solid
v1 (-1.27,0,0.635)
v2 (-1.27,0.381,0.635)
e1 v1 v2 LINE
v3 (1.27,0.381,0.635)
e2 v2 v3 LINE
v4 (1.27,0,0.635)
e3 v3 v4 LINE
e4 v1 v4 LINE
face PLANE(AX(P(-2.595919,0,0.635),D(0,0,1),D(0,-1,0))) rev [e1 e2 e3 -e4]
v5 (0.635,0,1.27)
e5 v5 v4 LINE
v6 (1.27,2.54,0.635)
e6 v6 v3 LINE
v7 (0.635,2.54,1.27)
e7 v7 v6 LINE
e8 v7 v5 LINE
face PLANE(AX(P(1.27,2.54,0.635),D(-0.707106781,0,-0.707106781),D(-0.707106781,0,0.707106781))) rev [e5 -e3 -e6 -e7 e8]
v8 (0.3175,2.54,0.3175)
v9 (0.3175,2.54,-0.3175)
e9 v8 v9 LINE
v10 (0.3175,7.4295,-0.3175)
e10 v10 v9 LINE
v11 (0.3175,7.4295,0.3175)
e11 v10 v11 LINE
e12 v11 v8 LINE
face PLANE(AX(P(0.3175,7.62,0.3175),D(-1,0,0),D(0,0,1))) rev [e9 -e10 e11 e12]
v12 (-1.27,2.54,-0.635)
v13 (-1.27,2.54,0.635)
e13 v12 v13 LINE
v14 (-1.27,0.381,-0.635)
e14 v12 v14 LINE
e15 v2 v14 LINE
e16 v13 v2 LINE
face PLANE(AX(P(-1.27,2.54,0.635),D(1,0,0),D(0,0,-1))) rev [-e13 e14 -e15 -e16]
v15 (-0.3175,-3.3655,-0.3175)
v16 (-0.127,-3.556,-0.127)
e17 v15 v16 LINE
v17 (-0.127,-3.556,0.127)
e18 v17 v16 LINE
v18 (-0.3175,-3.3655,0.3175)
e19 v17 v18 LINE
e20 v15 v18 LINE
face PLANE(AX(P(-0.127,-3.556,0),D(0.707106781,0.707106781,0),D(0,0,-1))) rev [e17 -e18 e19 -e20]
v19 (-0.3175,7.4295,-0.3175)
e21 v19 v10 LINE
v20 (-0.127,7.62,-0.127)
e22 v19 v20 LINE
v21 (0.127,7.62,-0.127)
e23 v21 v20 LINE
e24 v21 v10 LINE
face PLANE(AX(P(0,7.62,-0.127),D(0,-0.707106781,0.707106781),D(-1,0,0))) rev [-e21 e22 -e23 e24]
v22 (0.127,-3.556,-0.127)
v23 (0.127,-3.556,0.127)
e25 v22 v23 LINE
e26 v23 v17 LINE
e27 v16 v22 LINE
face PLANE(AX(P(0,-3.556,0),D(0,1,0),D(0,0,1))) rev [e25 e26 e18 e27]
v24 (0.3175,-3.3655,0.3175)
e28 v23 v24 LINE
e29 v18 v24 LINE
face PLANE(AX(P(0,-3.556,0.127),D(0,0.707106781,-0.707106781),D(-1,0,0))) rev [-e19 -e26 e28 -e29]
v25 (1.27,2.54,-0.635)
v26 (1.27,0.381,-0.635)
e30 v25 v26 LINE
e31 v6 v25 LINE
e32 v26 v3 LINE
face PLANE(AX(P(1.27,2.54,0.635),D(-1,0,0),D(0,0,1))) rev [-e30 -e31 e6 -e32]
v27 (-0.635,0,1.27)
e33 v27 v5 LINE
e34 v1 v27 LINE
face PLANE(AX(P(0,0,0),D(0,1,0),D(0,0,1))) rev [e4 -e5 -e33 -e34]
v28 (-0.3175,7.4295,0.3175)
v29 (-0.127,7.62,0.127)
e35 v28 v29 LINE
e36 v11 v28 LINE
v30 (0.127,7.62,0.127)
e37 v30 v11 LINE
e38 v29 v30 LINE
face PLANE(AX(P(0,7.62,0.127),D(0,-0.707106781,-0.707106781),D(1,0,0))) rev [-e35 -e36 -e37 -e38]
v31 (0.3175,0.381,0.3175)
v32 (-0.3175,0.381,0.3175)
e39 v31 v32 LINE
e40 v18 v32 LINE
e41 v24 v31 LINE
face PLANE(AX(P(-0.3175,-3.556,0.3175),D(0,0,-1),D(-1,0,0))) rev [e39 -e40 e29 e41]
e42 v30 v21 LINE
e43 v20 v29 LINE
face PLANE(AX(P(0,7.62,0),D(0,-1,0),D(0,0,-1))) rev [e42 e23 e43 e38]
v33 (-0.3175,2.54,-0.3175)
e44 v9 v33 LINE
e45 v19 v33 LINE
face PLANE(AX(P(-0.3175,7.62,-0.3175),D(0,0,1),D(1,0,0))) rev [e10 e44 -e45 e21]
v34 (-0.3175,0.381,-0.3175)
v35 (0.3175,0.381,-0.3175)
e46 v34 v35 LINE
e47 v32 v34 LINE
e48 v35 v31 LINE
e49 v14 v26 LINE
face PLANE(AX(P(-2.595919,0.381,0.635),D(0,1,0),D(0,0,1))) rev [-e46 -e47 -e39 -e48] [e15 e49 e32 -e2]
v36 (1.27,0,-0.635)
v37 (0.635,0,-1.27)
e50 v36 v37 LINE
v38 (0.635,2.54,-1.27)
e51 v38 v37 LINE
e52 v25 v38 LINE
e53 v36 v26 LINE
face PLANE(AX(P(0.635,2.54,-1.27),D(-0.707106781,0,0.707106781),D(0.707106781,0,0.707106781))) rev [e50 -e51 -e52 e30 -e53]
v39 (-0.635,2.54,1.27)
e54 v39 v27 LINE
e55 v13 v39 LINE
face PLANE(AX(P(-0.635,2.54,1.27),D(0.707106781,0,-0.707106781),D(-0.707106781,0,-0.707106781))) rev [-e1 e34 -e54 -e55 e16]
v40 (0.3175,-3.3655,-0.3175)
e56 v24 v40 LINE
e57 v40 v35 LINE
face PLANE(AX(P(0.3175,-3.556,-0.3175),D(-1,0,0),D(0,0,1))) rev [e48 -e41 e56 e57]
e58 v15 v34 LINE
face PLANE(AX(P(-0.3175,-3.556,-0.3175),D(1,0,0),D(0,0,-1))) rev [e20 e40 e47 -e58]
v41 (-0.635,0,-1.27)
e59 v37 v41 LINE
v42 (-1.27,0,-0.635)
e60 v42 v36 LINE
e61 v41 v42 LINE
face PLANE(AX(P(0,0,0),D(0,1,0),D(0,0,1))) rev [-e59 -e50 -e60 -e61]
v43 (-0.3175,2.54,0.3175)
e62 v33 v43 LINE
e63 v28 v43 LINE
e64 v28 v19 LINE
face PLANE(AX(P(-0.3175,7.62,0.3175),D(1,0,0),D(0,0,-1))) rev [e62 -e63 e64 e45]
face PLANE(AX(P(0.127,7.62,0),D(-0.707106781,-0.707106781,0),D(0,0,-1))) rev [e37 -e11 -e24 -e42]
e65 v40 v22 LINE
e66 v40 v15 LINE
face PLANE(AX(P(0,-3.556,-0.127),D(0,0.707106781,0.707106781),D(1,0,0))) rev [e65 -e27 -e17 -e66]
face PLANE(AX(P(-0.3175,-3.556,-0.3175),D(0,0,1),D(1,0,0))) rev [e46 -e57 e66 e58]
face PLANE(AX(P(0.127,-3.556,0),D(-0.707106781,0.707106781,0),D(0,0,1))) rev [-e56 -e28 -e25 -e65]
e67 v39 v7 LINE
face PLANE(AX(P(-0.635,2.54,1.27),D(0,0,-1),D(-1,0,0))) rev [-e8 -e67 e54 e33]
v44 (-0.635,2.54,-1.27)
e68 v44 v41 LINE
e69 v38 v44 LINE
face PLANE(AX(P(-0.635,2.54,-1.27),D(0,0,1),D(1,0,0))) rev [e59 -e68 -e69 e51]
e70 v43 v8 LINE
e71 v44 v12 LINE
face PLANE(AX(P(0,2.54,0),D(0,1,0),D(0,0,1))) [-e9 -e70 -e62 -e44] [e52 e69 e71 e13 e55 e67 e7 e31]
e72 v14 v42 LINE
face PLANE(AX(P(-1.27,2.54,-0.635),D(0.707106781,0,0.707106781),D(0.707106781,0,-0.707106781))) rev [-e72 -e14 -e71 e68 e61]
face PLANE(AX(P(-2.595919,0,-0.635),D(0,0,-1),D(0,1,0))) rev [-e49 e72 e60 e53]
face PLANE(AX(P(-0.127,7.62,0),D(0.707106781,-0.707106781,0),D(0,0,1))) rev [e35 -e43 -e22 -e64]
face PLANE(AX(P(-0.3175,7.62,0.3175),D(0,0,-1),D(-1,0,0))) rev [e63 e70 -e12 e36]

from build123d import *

# Parameters (mm, degrees)
BOSS_EXTRUDE1_DEPTH = 2.54
SKETCH2_W           = 1.27
SKETCH2_H           = 0.381
CUT_EXTRUDE1_DEPTH  = 2.54
SKETCH3_W           = 0.635
SKETCH3_H           = 0.635
BOSS_EXTRUDE2_DEPTH = 5.08
CHAMFER1_SIZE       = 0.1905
SKETCH4_W           = 0.635
SKETCH4_H           = 0.635
BOSS_EXTRUDE3_DEPTH = 3.937
CHAMFER2_SIZE       = 0.1905


with BuildPart() as part:
    # Sketch1 → Boss-Extrude1 (new body)
    with BuildSketch(Plane(origin=(0, 0, 0), x_dir=(1, 0, 0), z_dir=(0, 1, 0))):
        Polygon((0.635, 1.27), (1.27, 0.635), (1.27, -0.635), (0.635, -1.27), (-0.635, -1.27), (-1.27, -0.635), (-1.27, 0.635), (-0.635, 1.27), align=None)
    extrude(amount=BOSS_EXTRUDE1_DEPTH)

    # Sketch2 → Cut-Extrude1 (cut)
    with BuildSketch(Plane(origin=(1.27, 0, 0), x_dir=(0, 0, -1), z_dir=(1, 0, 0))):
        with Locations((0, 0.1905)):
            Rectangle(SKETCH2_W, SKETCH2_H)
    extrude(amount=-CUT_EXTRUDE1_DEPTH, mode=Mode.SUBTRACT)

    # Sketch3 → Boss-Extrude2 (add)
    with BuildSketch(Plane(origin=(0, 2.54, 0), x_dir=(1, 0, 0), z_dir=(0, 1, 0))):
        Rectangle(SKETCH3_W, SKETCH3_H)
    extrude(amount=BOSS_EXTRUDE2_DEPTH)

    # Chamfer1
    chamfer1_edges = [part.edges().sort_by_distance(p)[0] for p in [
        (0.3175, 7.62, 0),
        (0, 7.62, -0.3175),
        (-0.3175, 7.62, 0),
        (0, 7.62, 0.3175),
    ]]
    chamfer(chamfer1_edges, length=CHAMFER1_SIZE)

    # Sketch4 → Boss-Extrude3 (add)
    with BuildSketch(Plane.XZ.offset(-0.381)):
        Rectangle(SKETCH4_W, SKETCH4_H)
    extrude(amount=BOSS_EXTRUDE3_DEPTH)

    # Chamfer2
    chamfer2_edges = [part.edges().sort_by_distance(p)[0] for p in [
        (0.3175, -3.556, 0),
        (0, -3.556, 0.3175),
        (-0.3175, -3.556, 0),
        (0, -3.556, -0.3175),
    ]]
    chamfer(chamfer2_edges, length=CHAMFER2_SIZE)


solid = part.part
